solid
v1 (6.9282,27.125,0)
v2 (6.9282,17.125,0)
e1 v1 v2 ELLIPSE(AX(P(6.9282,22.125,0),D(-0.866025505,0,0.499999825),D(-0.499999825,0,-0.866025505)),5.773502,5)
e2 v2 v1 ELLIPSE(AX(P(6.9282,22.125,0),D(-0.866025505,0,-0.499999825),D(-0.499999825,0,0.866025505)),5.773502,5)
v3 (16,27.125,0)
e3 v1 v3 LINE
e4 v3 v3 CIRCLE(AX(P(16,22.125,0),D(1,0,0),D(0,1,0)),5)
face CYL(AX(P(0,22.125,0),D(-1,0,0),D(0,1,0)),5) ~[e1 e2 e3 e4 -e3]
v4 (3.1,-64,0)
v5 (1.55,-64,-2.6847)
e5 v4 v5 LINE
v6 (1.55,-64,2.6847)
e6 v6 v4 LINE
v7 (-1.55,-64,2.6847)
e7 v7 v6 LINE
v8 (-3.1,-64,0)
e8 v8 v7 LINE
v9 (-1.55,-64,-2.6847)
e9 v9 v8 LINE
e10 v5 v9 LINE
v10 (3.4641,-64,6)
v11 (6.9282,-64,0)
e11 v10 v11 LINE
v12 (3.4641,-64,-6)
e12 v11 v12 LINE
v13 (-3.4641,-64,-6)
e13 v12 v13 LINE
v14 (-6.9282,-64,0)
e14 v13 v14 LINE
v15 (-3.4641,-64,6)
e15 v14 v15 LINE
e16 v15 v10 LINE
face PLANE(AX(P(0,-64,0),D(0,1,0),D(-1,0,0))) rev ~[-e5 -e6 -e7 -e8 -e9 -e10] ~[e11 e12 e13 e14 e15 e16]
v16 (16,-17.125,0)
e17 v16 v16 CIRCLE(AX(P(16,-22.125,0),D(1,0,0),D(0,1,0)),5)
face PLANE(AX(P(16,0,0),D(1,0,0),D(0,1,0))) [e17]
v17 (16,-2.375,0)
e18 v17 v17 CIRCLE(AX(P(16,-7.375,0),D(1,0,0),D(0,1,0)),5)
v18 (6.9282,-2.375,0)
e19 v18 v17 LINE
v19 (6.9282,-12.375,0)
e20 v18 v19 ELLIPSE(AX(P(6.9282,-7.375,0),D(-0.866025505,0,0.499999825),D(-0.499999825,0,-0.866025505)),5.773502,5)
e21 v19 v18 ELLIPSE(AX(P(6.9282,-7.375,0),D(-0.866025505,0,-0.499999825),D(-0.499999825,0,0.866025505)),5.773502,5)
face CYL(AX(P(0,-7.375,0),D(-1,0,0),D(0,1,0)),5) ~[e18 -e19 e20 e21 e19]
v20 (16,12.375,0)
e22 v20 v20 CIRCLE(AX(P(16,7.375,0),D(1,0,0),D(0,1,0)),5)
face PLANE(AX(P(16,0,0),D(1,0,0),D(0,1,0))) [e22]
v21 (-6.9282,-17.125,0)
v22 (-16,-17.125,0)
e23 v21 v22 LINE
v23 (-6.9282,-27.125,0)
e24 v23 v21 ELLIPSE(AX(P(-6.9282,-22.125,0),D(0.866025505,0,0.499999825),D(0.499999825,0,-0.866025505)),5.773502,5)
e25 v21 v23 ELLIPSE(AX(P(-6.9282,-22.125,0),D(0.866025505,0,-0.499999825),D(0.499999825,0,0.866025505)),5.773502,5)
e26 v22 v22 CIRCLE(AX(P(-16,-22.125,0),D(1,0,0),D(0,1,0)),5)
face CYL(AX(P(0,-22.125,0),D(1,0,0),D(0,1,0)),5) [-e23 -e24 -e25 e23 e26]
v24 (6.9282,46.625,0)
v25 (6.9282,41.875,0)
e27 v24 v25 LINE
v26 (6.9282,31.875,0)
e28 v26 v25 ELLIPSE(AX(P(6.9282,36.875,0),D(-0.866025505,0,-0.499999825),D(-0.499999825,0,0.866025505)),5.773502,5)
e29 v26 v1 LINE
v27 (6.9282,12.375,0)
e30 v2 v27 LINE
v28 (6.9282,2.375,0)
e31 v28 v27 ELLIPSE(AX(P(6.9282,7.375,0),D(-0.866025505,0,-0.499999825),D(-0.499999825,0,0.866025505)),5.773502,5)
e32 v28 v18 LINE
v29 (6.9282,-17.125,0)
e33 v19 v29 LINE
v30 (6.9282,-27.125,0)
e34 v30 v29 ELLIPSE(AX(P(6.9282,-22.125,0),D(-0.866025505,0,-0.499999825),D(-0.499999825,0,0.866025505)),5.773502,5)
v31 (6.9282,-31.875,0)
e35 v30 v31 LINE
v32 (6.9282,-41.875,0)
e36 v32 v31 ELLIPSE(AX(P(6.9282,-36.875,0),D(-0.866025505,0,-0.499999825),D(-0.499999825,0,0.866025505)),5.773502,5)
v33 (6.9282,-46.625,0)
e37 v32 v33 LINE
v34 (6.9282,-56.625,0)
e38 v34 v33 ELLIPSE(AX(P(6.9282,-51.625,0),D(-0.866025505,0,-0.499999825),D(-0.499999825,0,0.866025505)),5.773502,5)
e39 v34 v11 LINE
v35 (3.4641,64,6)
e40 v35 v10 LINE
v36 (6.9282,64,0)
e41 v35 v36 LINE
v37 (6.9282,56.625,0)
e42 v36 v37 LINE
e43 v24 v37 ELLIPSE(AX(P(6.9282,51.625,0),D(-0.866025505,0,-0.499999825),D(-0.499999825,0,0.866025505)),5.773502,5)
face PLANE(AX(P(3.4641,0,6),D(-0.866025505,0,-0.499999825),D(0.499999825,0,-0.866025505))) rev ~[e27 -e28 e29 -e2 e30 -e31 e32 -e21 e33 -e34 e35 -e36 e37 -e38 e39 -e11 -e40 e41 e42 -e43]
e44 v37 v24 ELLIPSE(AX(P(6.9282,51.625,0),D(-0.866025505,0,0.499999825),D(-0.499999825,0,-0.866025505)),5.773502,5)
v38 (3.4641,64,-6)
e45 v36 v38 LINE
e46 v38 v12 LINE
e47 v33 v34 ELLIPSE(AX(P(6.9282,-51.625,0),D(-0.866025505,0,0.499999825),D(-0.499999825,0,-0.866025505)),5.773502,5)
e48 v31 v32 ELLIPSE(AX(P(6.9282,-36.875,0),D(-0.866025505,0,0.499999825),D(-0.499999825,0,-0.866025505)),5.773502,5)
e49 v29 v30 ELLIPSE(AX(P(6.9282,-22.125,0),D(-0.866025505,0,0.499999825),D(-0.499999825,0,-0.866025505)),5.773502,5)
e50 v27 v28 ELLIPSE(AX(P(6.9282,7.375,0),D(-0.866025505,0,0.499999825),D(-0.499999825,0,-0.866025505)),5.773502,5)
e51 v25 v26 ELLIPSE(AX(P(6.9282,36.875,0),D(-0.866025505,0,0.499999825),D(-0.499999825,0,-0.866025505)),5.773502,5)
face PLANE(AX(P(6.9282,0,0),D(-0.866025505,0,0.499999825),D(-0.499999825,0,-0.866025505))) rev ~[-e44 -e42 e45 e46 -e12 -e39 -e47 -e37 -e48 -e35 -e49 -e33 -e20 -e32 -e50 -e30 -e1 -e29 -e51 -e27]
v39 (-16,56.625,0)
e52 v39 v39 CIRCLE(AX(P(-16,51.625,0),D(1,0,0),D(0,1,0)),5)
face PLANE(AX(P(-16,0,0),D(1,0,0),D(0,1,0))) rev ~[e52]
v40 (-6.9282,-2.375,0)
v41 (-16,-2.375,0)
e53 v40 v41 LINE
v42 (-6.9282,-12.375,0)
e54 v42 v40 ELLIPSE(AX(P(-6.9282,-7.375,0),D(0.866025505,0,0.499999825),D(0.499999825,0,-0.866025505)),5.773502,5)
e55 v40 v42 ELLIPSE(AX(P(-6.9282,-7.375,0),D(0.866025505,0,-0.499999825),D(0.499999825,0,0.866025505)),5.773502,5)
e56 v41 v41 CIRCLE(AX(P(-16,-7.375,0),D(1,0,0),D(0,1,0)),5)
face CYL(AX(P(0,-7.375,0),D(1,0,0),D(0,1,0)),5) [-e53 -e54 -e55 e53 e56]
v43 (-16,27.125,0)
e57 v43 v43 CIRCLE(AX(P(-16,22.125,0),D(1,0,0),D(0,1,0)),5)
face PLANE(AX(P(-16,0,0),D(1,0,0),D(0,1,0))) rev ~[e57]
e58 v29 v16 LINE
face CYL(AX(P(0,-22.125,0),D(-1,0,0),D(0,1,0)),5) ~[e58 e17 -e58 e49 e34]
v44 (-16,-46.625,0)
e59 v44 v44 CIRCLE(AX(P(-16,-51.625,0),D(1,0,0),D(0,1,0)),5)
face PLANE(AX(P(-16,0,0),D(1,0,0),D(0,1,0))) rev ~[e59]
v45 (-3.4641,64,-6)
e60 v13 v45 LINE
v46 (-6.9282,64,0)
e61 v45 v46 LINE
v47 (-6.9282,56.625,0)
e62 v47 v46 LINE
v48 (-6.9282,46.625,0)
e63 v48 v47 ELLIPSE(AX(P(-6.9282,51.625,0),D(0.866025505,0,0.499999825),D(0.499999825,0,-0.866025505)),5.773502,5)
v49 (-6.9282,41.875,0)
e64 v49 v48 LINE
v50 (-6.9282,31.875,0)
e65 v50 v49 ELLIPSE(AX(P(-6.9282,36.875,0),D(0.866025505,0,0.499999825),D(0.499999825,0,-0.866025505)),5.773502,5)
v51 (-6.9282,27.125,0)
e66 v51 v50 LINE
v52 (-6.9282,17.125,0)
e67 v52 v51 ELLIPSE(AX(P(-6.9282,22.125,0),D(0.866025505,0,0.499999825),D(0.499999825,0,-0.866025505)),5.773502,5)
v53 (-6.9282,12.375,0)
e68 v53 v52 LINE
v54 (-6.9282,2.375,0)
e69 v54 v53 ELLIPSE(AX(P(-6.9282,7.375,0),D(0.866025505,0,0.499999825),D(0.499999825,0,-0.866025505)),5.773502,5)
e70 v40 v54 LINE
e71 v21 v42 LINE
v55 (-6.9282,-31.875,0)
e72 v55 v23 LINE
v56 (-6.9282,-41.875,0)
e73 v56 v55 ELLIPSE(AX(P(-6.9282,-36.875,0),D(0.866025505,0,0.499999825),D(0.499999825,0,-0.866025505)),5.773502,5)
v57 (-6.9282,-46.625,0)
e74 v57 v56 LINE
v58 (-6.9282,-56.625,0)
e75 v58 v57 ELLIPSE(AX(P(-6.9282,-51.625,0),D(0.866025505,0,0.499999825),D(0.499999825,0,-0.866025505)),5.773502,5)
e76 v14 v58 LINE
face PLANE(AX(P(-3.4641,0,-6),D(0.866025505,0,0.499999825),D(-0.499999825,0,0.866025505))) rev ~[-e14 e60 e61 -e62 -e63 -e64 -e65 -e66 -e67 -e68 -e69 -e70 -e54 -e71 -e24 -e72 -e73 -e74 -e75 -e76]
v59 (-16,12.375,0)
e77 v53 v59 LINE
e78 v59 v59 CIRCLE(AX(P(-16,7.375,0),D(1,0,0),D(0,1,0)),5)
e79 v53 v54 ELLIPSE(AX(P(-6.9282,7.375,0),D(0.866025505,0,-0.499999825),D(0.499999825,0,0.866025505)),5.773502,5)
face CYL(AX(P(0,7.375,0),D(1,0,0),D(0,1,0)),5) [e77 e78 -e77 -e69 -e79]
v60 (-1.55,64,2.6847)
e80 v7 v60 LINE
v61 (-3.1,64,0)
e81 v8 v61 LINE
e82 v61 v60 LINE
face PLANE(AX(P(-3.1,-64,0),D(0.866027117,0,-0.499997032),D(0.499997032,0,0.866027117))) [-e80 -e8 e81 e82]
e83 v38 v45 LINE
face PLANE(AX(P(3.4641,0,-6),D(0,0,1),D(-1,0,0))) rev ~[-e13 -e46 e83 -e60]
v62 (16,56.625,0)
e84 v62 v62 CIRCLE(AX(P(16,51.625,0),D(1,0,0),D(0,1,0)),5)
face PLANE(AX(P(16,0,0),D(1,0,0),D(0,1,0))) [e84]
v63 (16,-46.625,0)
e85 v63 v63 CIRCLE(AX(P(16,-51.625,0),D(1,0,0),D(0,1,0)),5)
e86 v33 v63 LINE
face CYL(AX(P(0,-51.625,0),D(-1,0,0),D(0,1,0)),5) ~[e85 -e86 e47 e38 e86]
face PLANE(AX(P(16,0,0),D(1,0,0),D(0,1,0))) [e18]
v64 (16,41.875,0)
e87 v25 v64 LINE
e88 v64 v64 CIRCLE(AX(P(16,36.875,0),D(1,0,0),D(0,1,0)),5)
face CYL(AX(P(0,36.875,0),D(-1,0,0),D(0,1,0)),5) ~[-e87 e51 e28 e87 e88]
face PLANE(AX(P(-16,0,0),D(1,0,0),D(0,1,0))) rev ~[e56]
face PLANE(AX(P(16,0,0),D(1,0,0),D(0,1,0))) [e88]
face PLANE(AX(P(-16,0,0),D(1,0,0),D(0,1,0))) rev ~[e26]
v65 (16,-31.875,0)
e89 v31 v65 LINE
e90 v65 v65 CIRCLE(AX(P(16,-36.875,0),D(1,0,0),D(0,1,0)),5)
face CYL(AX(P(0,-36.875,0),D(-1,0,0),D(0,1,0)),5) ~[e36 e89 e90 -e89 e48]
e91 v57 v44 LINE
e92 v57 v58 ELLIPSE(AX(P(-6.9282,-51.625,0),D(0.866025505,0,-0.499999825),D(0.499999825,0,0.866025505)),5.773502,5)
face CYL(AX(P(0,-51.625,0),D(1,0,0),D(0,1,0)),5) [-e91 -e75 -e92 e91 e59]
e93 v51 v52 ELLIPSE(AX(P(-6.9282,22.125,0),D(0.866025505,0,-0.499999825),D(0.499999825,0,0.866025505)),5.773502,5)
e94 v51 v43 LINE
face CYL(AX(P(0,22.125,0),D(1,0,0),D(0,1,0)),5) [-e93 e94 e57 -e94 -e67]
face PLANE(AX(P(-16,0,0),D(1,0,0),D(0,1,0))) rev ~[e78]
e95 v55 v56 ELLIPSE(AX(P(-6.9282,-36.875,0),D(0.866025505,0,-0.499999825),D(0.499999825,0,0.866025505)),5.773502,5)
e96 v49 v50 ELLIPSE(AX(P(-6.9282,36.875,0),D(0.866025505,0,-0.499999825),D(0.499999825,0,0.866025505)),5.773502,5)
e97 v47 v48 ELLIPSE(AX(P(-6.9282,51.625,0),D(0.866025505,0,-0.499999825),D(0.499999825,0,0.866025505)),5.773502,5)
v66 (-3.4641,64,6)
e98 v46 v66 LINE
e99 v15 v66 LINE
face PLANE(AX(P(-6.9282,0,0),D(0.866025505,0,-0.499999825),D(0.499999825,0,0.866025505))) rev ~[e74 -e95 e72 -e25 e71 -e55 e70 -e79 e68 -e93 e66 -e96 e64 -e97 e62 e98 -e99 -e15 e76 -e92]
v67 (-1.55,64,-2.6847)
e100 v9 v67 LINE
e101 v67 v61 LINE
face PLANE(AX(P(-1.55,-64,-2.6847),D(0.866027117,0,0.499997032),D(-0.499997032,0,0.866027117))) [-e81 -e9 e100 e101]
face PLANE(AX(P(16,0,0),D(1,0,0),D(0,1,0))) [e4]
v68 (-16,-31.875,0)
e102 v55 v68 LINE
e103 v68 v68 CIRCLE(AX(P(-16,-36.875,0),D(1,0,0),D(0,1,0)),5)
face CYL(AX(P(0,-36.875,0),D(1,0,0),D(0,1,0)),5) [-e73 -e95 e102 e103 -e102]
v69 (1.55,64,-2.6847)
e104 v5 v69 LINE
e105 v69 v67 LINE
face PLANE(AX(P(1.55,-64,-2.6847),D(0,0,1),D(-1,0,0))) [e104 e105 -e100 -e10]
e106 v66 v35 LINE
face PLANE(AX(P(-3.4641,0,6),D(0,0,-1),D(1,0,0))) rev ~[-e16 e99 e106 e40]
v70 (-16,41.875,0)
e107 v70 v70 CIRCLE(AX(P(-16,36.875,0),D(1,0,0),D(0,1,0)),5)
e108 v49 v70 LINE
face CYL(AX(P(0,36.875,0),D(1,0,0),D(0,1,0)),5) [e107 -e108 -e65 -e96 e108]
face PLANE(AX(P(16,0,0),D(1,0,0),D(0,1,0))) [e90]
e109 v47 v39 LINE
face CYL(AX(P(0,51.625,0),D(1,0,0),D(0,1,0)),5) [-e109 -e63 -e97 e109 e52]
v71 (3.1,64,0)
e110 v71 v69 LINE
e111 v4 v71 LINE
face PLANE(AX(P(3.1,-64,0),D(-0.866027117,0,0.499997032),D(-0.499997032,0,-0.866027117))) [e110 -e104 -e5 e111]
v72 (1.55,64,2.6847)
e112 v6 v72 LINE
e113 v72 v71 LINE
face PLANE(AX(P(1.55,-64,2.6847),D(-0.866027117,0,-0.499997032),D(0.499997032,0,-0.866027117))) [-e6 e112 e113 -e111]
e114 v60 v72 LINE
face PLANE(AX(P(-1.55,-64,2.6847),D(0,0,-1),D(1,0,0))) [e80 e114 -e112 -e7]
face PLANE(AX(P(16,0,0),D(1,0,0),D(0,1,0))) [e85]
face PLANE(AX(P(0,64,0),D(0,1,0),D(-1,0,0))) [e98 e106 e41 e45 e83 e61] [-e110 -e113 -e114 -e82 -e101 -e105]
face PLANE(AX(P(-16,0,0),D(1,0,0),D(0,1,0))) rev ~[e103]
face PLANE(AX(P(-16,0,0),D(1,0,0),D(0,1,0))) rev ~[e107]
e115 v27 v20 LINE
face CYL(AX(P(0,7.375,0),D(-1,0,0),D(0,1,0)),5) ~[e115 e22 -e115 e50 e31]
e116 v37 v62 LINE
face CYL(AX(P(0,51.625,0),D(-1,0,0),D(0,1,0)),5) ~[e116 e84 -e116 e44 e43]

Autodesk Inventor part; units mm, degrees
ref_plane "YZ Plane" through (0, 0, 0) normal (1, 0, 0) x (0, 1, 0)
ref_plane "XZ Plane" through (0, 0, 0) normal (0, 1, 0) x (-1, 0, 0)
ref_plane "XY Plane" through (0, 0, 0) normal (0, 0, 1) x (1, 0, 0)
sketch "Outer Diameter Sketch" plane through (0, 0, 0) normal (0, 1, 0) x (-1, 0, 0)
  line L0 (0, -28.0163) -> (0, 28.3344) construction
  line L1 (17.1062, 0) -> (-23.8822, 0) construction
  line L2 (3.4641, -6) -> (6.9282, 0)
  line L3 (6.9282, 0) -> (3.4641, 6)
  line L4 (3.4641, 6) -> (-3.4641, 6)
  line L5 (-3.4641, 6) -> (-6.9282, 0)
  line L6 (-6.9282, 0) -> (-3.4641, -6)
  line L7 (-3.4641, -6) -> (3.4641, -6)
  line L8 (0, -6) -> (0, 6) construction
  line L9 (-6.9282, 0) -> (6.9282, 0) construction
  point P0 (0, 0)
  dimension "d23" = 120
  dimension "d25" = 120
  dimension "d27" = 120
  dimension "d29" = 120
  dimension "d31" = 120
  dimension "d32" = 12
extrude "Outer Diameter Extrusion" add sketch "Outer Diameter Sketch" along normal mid plane 128
sketch "Sketch2" plane through (0, 0, 0) normal (1, 0, 0) x (0, 1, 0)
  circle A0 centre (-7.375, 0) radius 5
  line L0 (-71.375, 0) -> (-7.375, 0) construction
  line L1 (-7.375, 0) -> (56.625, 0) construction
  circle A1 centre (7.375, 0) radius 5
  circle A2 centre (22.125, 0) radius 5
  circle A3 centre (36.875, 0) radius 5
  circle A4 centre (-22.125, 0) radius 5
  circle A5 centre (-7.375, 0) radius 5
  circle A6 centre (7.375, 0) radius 5
  circle A7 centre (22.125, 0) radius 5
  circle A8 centre (-36.875, 0) radius 5
  circle A9 centre (-22.125, 0) radius 5
  circle A10 centre (-7.375, 0) radius 5
  circle A11 centre (7.375, 0) radius 5
  circle A12 centre (-51.625, 0) radius 5
  circle A13 centre (-36.875, 0) radius 5
  circle A14 centre (-22.125, 0) radius 5
  circle A15 centre (-7.375, 0) radius 5
  line L2 (0, 54.0285) -> (0, -72.3739) construction
  circle A16 centre (51.625, 0) radius 5
  circle A17 centre (36.875, 0) radius 5
  circle A18 centre (22.125, 0) radius 5
  circle A19 centre (7.375, 0) radius 5
  dimension "d3" = 10
  dimension "d5" = 128
  dimension "d8" = 14.75
  dimension "d11" = 14.75
  dimension "d47" = 7.375
  dimension "d48" = 7.375
extrude "Peg Extrusions" add sketch "Sketch2" along normal mid plane 32
sketch "Sketch3" plane through (0, -64, 0) normal (0, -1, 0) x (1, 0, 0)
  line L0 (1.55, -2.6847) -> (-1.55, -2.6847)
  line L1 (-1.55, -2.6847) -> (-3.1, 0)
  line L2 (-3.1, 0) -> (-1.55, 2.6847)
  line L3 (-1.55, 2.6847) -> (1.55, 2.6847)
  line L4 (1.55, 2.6847) -> (3.1, 0)
  line L5 (3.1, 0) -> (1.55, -2.6847)
  line L6 (3.1, 0) -> (-3.1, 0) construction
  line L7 (0, 2.6847) -> (0, -2.6847) construction
  line L8 (10.3659, 0) -> (-11.745, 0) construction
  line L9 (0, -9.4896) -> (0, 9.303) construction
  point P0 (0, 0)
  dimension "d33" = 3.1
  dimension "d34" = 3.1
  dimension "d35" = 120
  dimension "d36" = 3.1
  dimension "d37" = 120
  dimension "d38" = 3.1
  dimension "d39" = 120
  dimension "d40" = 3.1
  dimension "d41" = 120
extrude "Inner Hex Cut" cut sketch "Sketch3" against normal up to surface (128 mm away)
equation "\"d1\" = outL"
equation "\"d3\" = pegD"
equation "\"d5\" = outL"
equation "\"d47\" = 0.5 * d8"
equation "\"d14\" = pegL + 2 * outD"
equation "\"d33\" = inhexSL"
equation "\"d34\" = inhexSL"
equation "\"d36\" = inhexSL"
equation "\"d38\" = inhexSL"
equation "\"d40\" = inhexSL"
equation "\"d42\" = pegL + 2 * outD"
equation "\"outD\" = 12"
equation "\"inhexSL\" = 3.1"
equation "\"outL\" = 128"
equation "\"pegL\" = 8"
equation "\"pegD\" = 10"
equation "\"outhexSL\" = 5"
properties part number "Peg Spinner V4"
